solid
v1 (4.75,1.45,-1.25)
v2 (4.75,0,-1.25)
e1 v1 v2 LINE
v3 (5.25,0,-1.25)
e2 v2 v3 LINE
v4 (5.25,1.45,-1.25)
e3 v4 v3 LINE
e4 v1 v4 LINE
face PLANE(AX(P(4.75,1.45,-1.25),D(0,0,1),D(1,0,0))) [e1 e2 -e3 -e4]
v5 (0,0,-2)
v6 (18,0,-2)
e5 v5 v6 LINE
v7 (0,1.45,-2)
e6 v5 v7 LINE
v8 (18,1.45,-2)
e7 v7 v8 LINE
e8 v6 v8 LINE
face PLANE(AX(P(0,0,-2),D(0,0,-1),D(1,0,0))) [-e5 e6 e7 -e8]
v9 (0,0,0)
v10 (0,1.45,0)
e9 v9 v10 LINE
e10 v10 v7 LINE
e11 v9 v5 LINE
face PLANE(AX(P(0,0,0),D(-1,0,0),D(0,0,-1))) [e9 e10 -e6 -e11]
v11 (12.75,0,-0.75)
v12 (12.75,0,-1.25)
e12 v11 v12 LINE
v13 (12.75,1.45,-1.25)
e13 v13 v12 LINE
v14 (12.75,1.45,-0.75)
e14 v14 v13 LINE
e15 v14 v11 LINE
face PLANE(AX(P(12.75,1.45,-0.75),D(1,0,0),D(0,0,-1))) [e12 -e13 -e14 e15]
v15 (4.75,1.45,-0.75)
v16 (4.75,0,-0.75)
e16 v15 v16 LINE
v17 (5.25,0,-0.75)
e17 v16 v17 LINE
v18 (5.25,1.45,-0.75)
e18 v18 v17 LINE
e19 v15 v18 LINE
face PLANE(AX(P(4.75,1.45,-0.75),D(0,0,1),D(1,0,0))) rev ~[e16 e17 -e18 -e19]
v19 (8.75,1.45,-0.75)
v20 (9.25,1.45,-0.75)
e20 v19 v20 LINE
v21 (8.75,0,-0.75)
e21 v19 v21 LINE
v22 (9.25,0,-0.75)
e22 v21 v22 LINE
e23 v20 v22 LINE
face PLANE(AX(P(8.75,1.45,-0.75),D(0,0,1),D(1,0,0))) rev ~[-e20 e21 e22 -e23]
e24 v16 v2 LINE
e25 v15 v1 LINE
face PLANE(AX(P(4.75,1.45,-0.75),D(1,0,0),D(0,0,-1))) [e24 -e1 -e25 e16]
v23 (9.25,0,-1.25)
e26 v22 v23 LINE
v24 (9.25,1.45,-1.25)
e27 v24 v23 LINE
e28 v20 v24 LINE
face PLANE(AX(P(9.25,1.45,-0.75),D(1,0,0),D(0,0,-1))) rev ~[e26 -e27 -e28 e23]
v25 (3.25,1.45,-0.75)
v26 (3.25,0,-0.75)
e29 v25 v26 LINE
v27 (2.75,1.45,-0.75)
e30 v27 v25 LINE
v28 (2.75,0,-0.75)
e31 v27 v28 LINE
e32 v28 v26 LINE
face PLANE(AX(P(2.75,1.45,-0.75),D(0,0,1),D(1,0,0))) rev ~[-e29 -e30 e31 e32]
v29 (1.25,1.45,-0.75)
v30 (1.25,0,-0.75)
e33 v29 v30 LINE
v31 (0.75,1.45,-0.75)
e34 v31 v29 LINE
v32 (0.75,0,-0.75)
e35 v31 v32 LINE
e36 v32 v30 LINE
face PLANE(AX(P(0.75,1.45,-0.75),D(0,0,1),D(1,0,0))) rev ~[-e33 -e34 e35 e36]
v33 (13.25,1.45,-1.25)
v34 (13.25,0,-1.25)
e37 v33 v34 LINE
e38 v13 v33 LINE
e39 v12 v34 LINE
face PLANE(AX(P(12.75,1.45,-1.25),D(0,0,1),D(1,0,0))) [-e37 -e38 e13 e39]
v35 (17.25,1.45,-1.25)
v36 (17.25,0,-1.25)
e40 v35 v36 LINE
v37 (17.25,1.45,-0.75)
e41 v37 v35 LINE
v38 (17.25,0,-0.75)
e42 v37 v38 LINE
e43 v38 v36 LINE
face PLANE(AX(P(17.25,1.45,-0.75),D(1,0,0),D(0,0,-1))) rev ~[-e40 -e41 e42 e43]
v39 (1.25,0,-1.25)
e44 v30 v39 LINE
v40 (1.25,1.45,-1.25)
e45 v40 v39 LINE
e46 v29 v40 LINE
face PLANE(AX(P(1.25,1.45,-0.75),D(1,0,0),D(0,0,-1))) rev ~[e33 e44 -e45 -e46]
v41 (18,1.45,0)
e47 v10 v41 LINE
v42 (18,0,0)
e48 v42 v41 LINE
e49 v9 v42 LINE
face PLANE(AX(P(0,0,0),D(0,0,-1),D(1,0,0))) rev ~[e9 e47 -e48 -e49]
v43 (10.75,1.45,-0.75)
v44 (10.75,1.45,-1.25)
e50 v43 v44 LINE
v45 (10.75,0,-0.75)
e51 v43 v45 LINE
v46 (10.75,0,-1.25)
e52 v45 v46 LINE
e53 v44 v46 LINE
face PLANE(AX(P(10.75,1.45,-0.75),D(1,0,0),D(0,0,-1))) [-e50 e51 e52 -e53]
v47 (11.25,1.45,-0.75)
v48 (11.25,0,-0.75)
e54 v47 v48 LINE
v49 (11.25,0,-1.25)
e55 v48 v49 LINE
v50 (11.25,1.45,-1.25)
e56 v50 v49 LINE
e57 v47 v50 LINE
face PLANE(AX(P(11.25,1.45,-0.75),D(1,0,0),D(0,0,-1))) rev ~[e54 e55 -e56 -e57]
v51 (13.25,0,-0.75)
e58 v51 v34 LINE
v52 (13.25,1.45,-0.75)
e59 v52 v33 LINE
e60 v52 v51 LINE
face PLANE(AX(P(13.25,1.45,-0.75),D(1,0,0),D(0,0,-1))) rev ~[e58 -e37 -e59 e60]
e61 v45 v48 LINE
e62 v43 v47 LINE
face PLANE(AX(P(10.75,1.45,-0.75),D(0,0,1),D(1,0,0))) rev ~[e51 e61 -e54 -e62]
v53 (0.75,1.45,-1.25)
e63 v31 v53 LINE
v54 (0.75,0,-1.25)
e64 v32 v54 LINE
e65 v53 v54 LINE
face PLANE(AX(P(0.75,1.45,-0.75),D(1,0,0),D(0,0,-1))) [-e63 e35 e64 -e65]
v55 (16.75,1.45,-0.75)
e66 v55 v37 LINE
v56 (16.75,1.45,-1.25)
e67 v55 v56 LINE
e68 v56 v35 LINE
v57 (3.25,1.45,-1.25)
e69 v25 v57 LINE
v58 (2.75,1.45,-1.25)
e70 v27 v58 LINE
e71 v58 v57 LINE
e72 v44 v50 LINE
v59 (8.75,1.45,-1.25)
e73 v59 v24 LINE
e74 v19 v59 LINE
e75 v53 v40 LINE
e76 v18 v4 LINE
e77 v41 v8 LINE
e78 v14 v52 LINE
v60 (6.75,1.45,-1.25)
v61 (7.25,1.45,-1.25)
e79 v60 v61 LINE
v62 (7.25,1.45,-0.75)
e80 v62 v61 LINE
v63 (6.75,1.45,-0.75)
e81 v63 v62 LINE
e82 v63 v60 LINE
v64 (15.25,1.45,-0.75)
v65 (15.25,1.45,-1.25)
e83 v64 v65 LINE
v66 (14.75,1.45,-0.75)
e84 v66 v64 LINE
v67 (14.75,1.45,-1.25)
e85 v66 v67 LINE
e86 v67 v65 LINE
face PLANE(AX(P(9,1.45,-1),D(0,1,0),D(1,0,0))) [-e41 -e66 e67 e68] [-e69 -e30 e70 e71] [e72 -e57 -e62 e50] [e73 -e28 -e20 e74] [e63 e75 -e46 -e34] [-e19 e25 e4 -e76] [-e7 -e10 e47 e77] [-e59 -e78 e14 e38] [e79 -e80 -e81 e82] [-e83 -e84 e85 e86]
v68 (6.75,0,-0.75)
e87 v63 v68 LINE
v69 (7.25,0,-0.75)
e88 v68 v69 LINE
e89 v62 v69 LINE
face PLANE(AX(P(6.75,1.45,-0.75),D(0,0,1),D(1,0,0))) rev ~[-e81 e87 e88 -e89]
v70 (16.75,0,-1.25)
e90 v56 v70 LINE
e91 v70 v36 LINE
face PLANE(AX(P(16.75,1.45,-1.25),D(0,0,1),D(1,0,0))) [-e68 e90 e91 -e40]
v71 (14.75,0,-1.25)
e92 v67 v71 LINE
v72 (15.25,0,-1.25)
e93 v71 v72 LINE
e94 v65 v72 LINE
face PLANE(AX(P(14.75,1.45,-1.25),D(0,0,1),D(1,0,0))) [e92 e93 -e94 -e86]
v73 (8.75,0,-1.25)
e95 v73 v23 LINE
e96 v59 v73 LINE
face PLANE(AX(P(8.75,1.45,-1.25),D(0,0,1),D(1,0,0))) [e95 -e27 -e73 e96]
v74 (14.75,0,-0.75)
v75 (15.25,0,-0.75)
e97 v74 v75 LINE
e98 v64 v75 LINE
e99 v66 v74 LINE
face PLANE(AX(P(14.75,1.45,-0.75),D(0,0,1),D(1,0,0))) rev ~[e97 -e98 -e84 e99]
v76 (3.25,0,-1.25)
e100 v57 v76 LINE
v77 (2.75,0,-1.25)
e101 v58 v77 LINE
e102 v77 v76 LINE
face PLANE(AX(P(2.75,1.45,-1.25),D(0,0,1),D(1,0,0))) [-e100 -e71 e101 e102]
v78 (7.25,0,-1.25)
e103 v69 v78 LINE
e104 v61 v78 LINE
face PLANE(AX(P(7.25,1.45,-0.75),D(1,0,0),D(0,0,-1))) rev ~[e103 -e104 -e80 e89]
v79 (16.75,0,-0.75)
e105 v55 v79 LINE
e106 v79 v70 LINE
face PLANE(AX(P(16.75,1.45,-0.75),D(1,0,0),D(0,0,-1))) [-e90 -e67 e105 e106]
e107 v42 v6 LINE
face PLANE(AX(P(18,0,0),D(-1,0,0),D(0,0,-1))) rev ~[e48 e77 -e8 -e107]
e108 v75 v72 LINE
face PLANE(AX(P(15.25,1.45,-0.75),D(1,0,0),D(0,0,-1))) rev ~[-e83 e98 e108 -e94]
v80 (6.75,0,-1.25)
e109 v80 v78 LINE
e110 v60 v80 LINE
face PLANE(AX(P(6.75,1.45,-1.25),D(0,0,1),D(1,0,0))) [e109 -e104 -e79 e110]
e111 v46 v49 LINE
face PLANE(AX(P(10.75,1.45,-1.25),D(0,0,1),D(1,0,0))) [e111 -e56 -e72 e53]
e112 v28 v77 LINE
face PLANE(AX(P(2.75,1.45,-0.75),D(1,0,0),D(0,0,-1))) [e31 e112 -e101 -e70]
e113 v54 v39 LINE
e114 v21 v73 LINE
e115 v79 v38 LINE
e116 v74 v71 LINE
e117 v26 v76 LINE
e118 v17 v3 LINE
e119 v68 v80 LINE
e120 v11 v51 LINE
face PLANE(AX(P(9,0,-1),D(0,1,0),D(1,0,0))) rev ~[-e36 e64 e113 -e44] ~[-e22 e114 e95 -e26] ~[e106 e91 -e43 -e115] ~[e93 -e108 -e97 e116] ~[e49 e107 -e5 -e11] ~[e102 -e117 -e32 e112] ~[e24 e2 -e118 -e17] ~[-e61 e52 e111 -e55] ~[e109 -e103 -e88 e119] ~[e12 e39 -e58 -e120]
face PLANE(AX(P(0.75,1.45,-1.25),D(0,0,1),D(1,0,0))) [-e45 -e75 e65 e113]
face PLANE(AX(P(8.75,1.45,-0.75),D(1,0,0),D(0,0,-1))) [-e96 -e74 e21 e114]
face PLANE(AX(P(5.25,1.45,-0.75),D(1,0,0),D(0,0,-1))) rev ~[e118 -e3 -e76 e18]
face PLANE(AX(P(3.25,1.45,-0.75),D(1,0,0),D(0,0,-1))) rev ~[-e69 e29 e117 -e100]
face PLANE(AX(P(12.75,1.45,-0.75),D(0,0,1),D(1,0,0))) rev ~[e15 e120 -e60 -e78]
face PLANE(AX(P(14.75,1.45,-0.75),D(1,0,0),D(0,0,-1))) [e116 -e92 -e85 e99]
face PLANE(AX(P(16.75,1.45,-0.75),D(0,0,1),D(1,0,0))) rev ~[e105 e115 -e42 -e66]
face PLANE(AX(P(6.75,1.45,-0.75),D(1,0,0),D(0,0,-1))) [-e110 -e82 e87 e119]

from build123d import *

# Parameters (mm, degrees)
SKETCH1_W           = 18
SKETCH1_H           = 2
BOSS_EXTRUDE1_DEPTH = 1.45
SKETCH2_W           = 0.5
SKETCH2_H           = 0.5
CUT_EXTRUDE1_DEPTH  = 1.45


with BuildPart() as part:
    # Sketch1 → Boss-Extrude1 (new body)
    with BuildSketch(Plane(origin=(0, 0, 0), x_dir=(1, 0, 0), z_dir=(0, 1, 0))):
        with Locations((9, 1)):
            Rectangle(SKETCH1_W, SKETCH1_H)
    extrude(amount=BOSS_EXTRUDE1_DEPTH)

    # Sketch2 → Cut-Extrude1 (cut)
    with BuildSketch(Plane(origin=(0, 1.45, 0), x_dir=(1, 0, 0), z_dir=(0, 1, 0))):
        with Locations((3, 1)):
            Rectangle(SKETCH2_W, SKETCH2_H)
        with Locations((1, 1)):
            Rectangle(SKETCH2_W, SKETCH2_H)
        with Locations((5, 1)):
            Rectangle(SKETCH2_W, SKETCH2_H)
        with Locations((7, 1)):
            Rectangle(SKETCH2_W, SKETCH2_H)
        with Locations((9, 1)):
            Rectangle(SKETCH2_W, SKETCH2_H)
        with Locations((11, 1)):
            Rectangle(SKETCH2_W, SKETCH2_H)
        with Locations((13, 1)):
            Rectangle(SKETCH2_W, SKETCH2_H)
        with Locations((15, 1)):
            Rectangle(SKETCH2_W, SKETCH2_H)
        with Locations((17, 1)):
            Rectangle(SKETCH2_W, SKETCH2_H)
    extrude(amount=-CUT_EXTRUDE1_DEPTH, mode=Mode.SUBTRACT)


solid = part.part
